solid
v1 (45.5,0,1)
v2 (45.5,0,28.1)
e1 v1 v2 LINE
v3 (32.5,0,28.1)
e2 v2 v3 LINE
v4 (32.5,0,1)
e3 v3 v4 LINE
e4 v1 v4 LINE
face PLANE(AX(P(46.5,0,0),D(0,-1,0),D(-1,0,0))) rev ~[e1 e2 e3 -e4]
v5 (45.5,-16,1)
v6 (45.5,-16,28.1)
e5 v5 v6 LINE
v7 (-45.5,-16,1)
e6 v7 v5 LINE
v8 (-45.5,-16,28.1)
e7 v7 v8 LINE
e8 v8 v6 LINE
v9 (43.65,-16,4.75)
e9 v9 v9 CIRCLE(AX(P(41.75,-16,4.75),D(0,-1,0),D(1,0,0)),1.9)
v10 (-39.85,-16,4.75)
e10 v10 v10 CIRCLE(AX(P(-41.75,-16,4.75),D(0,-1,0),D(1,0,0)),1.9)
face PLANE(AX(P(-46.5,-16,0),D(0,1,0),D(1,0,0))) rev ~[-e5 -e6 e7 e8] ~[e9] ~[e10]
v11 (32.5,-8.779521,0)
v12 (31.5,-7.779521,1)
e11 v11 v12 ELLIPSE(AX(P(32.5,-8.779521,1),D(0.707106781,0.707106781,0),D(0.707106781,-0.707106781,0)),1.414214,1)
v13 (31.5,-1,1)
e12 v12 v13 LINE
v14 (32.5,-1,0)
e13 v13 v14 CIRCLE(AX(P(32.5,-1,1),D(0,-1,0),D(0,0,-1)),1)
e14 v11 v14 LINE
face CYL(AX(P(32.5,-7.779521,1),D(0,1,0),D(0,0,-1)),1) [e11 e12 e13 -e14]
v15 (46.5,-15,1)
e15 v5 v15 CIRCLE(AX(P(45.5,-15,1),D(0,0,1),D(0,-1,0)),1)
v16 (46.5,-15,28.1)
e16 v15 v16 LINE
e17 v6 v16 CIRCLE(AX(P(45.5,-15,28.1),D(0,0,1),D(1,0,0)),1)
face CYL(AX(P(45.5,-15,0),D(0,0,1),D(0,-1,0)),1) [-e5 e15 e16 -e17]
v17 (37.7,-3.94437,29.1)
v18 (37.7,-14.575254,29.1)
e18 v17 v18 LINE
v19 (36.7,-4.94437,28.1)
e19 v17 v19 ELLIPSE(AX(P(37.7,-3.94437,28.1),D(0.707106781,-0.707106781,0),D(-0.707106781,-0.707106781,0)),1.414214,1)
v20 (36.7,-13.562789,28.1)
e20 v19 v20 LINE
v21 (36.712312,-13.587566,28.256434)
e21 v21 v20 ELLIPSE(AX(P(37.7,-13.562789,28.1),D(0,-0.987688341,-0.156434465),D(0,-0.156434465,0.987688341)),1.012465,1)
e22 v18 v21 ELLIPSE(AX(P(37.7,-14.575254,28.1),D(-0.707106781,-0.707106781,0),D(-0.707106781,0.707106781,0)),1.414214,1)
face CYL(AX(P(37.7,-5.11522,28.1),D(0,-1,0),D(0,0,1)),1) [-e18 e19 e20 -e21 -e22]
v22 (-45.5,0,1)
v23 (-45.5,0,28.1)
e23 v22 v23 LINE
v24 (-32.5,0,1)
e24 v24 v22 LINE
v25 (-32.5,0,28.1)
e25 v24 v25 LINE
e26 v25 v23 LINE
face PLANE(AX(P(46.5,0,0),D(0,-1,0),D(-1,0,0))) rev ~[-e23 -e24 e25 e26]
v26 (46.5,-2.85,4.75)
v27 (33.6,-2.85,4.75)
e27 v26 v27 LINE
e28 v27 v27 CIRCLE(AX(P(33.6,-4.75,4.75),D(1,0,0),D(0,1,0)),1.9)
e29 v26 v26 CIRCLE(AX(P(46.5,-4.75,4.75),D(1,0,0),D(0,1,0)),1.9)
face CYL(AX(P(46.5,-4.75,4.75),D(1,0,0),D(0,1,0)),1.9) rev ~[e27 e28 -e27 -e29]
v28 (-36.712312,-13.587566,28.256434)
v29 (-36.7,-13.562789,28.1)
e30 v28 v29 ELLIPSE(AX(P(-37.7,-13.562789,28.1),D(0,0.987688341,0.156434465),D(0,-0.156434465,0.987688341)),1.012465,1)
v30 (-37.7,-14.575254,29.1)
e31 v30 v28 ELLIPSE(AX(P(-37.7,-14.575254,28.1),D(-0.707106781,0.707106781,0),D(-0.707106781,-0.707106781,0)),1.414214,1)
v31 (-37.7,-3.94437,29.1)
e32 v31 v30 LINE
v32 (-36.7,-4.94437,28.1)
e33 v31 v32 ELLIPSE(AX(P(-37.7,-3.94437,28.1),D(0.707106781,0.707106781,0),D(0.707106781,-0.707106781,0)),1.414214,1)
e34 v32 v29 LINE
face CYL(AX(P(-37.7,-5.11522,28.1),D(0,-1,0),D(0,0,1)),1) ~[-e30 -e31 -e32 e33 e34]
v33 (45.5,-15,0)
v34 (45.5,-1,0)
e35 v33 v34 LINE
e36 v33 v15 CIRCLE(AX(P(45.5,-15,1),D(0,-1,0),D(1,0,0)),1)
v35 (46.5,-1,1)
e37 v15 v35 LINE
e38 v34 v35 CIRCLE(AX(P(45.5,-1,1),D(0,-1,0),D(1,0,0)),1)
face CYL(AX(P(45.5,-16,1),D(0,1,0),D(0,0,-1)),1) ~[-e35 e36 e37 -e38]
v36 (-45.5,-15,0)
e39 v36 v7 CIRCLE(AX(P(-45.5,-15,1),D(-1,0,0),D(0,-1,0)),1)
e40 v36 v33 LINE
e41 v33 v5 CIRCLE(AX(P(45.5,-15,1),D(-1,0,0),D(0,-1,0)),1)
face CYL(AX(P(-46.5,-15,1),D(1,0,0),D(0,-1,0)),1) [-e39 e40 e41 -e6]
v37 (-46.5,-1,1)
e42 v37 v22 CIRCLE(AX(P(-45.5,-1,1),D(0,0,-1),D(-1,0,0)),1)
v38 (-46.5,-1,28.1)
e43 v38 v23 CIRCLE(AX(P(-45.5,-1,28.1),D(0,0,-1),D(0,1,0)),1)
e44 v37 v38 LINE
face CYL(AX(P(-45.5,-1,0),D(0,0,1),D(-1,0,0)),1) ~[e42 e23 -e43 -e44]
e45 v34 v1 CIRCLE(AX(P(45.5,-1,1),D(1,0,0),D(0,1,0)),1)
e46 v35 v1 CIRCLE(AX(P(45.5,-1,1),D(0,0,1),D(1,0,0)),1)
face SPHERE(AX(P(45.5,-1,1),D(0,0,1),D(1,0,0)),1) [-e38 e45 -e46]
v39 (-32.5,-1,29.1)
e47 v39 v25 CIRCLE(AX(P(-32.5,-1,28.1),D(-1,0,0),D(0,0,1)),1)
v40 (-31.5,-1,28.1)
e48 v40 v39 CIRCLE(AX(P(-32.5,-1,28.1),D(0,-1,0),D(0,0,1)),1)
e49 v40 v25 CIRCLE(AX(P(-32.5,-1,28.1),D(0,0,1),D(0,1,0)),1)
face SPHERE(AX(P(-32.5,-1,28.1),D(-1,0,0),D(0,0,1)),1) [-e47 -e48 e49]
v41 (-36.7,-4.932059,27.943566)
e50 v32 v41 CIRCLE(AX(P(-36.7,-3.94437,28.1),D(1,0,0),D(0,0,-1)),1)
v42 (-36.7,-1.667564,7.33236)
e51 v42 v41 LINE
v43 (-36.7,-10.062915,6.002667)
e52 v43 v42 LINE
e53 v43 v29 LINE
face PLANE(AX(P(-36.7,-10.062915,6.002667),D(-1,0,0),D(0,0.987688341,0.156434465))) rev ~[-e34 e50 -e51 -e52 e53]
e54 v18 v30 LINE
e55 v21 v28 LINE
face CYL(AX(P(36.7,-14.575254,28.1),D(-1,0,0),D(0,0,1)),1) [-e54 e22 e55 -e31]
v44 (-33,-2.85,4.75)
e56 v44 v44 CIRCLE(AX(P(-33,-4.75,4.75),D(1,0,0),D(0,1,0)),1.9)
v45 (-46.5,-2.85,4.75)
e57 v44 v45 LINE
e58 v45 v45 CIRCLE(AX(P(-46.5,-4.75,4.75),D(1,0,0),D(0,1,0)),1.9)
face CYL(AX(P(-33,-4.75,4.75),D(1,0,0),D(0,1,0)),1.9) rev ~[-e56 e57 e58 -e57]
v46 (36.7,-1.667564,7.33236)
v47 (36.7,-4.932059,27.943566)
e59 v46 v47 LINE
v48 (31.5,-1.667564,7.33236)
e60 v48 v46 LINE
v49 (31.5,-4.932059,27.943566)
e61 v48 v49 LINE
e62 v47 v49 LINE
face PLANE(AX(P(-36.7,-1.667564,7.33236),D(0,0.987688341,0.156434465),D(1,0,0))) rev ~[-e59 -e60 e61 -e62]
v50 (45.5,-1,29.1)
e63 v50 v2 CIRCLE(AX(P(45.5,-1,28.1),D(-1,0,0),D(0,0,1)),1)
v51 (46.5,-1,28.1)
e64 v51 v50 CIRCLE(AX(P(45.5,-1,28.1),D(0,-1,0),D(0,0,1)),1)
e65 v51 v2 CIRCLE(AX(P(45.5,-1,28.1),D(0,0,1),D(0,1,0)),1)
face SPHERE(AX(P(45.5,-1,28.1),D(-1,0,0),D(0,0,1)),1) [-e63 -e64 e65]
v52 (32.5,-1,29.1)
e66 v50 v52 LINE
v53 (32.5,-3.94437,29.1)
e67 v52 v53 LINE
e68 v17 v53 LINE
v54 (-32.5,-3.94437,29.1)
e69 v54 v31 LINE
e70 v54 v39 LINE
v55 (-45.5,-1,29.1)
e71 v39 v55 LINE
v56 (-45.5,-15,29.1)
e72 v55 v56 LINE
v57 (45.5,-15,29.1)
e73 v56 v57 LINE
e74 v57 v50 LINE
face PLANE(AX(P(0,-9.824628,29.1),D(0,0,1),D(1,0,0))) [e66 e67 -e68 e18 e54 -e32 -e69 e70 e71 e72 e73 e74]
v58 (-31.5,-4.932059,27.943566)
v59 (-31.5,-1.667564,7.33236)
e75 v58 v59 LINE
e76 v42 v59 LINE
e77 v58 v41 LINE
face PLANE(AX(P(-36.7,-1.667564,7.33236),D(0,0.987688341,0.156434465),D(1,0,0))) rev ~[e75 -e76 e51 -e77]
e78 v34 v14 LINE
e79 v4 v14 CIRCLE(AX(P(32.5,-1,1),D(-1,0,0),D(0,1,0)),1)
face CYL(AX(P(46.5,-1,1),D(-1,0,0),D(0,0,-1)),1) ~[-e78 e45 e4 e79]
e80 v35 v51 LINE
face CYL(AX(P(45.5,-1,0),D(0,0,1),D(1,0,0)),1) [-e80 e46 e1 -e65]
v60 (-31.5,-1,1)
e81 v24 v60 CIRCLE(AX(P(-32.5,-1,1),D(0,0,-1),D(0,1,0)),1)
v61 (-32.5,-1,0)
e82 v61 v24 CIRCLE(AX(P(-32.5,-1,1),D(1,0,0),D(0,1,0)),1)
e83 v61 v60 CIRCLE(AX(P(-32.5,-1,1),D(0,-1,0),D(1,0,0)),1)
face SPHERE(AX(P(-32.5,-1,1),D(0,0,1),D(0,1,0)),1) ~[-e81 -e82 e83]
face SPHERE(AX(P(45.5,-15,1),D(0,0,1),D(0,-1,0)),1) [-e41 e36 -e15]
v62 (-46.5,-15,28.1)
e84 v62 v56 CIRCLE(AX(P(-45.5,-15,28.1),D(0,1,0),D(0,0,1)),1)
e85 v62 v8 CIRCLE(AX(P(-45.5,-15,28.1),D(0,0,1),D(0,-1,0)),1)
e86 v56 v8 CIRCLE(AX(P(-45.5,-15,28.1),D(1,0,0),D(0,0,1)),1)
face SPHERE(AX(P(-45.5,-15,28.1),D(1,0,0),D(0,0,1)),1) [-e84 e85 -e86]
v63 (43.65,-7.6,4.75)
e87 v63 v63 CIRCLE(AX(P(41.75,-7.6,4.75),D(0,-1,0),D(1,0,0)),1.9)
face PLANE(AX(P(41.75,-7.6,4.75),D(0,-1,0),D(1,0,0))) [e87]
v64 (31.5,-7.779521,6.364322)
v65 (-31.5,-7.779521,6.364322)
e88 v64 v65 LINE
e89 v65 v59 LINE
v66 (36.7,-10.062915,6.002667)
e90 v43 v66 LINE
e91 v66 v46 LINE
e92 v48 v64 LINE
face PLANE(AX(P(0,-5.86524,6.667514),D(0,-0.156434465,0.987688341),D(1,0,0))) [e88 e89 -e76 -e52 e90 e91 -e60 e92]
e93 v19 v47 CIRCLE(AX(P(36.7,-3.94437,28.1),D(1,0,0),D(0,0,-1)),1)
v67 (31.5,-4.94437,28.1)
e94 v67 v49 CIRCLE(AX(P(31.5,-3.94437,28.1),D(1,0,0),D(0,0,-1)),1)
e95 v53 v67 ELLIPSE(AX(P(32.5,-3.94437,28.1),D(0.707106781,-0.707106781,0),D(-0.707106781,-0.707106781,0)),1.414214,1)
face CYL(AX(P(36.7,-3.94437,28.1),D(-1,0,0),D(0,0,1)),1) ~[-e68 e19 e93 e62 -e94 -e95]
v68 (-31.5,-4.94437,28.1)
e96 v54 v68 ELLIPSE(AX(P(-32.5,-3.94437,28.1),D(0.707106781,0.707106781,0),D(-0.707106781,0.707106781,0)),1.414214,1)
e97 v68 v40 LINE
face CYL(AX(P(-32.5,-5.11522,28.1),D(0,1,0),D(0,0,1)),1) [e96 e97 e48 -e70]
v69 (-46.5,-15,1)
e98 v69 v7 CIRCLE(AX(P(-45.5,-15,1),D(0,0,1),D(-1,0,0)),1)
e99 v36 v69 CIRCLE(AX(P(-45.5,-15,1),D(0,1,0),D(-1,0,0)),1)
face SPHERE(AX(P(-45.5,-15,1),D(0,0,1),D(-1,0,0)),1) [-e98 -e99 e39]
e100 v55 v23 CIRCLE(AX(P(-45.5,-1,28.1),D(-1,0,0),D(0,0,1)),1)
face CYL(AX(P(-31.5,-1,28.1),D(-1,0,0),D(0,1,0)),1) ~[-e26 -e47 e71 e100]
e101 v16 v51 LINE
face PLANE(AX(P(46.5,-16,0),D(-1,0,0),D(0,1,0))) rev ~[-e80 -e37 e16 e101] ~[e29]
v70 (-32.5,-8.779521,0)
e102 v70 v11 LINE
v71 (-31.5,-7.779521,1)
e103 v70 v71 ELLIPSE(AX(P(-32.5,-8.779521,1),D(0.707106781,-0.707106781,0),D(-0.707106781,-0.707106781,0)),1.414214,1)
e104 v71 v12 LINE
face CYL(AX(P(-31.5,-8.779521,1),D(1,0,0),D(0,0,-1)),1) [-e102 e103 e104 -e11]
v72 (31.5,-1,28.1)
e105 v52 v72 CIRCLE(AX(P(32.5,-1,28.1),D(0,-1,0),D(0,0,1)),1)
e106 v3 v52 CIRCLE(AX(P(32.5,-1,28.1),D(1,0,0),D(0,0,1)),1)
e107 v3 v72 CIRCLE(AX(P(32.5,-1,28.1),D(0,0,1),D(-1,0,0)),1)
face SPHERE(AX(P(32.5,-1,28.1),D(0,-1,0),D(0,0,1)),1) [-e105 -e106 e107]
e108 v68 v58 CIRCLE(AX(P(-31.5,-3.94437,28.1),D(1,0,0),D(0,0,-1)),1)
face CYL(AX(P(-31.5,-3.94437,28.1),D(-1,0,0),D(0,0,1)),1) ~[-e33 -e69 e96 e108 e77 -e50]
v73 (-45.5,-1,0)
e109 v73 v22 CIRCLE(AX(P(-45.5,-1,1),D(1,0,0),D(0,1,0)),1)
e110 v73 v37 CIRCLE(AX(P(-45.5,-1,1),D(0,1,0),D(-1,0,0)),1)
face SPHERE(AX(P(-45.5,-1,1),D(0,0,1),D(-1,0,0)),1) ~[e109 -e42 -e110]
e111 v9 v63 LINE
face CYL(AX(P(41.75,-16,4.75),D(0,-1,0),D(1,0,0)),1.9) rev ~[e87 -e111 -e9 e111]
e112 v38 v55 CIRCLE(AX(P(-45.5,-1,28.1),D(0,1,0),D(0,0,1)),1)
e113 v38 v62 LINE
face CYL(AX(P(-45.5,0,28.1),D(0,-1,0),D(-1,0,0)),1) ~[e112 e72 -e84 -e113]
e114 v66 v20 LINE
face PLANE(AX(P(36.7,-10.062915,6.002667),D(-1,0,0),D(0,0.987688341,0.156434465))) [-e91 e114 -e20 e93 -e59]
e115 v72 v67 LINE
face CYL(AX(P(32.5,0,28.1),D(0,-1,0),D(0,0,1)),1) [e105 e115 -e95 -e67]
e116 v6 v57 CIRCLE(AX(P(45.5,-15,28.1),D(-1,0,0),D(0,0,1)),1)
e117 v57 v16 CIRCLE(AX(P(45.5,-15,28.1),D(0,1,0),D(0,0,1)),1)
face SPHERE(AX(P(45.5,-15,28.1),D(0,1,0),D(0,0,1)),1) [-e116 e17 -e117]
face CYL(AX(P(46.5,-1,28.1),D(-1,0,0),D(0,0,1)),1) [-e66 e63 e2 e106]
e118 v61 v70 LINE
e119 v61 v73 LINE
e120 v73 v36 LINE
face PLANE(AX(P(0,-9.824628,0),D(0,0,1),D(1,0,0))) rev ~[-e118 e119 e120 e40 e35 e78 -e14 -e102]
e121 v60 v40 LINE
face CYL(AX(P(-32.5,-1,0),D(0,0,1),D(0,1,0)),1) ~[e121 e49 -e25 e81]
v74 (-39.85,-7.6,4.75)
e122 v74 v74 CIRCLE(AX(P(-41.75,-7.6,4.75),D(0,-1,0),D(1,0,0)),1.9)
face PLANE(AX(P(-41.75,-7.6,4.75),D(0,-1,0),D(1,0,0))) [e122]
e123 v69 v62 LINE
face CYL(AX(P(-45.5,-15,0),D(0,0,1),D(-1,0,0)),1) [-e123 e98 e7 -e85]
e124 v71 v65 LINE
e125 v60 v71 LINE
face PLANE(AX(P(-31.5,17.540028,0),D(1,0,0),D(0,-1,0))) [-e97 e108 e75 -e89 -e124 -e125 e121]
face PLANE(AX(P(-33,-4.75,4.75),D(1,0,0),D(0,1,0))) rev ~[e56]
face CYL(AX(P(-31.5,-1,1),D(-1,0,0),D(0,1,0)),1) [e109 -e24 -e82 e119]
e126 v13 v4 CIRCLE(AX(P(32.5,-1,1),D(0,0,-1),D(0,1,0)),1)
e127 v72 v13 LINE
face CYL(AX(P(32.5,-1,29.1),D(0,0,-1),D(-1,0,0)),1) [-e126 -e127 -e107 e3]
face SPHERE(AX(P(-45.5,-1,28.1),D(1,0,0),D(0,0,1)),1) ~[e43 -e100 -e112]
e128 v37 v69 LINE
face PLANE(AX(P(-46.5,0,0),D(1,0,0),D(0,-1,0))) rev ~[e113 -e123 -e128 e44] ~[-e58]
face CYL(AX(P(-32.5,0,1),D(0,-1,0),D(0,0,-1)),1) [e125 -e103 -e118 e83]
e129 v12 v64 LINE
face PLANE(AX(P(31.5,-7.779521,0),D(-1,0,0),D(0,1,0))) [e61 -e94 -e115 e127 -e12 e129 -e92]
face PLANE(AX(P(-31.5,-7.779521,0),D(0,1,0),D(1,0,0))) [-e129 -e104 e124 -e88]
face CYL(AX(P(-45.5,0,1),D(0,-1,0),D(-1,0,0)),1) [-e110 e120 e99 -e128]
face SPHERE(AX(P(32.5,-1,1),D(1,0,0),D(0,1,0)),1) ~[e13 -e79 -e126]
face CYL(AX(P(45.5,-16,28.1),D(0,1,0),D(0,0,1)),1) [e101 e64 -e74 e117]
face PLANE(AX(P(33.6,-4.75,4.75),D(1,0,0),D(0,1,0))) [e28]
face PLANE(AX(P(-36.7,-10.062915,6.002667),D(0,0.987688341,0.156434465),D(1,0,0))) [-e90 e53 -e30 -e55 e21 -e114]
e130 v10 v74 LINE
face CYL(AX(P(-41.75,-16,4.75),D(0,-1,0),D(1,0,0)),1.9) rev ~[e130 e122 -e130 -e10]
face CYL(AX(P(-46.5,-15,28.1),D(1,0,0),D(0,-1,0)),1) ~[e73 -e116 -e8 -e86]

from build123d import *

# Parameters (mm, degrees)
F0_W      = 63
F0_H      = 7.7795209363
F1_DEPTH  = 29.1
F4_START  = 5
F3_W      = 73.4
F3_H      = 8.5
F4_DEPTH  = 34.9
F0_H_2    = 17.5400283188
F5_DEPTH  = 44.7
F6_R      = 1
F7_R      = 1.9
F8_DEPTH  = 12.9
F9_R      = 1.9
F10_DEPTH = 8.4
F11_START = -79.5
F11_DEPTH = 35.3


with BuildPart() as f1:
    # F0 (on Top) → F1 (new body)
    with BuildSketch(Plane.XY):
        Polygon((-31.5, 0), (-46.5, 0), (-46.5, -16), (46.5, -16), (46.5, 0), (31.5, 0), (31.5, -7.7795209363), (-31.5, -7.7795209363), align=None)
        with Locations((0, -3.8897604682)):
            Rectangle(F0_W, F0_H)
    extrude(amount=F1_DEPTH)

    # F3 (on line) → F4 (cut)
    with BuildSketch(Plane(origin=(0, -0.3915478696, 2.472135955), x_dir=(1, 0, 0), z_dir=(0, -0.156434465, 0.9876883406)).offset(F4_START)):
        with Locations((0, -4.75)):
            Rectangle(F3_W, F3_H)
    extrude(amount=F4_DEPTH, mode=Mode.SUBTRACT)

    # F0 (on Top) → F5 (cut)
    with BuildSketch(Plane.XY):
        with Locations((0, 8.7700141594)):
            Rectangle(F0_W, F0_H_2)
        with Locations((0, -3.8897604682)):
            Rectangle(F0_W, F0_H)
    extrude(amount=F5_DEPTH, mode=Mode.SUBTRACT)

    # F6
    f6_edges = [f1.edges().sort_by_distance(p)[0] for p in [
        (-39, 0, 29.1),
        (-31.5, -2.55761, 29.1),
        (-34.1, -5.11522, 29.1),
        (-36.7, -9.418197, 29.1),
        (0, -13.721173, 29.1),
        (36.7, -9.418197, 29.1),
        (34.1, -5.11522, 29.1),
        (31.5, -2.55761, 29.1),
        (39, 0, 29.1),
        (46.5, -8, 29.1),
        (0, -16, 29.1),
        (-46.5, -8, 29.1),
        (-46.5, 0, 14.55),
        (-46.5, -16, 14.55),
        (-46.5, -8, 0),
        (46.5, -16, 14.55),
        (0, -16, 0),
        (46.5, 0, 14.55),
        (46.5, -8, 0),
        (39, 0, 0),
        (31.5, 0, 14.55),
        (-31.5, 0, 14.55),
        (-39, 0, 0),
        (-31.5, -3.88976, 0),
        (0, -7.779521, 0),
        (31.5, -3.88976, 0),
    ]]
    fillet(f6_edges, radius=F6_R)

    # F7 (on face) → F8 (cut)
    with BuildSketch(Plane.YZ.offset(46.5)):
        with Locations((-4.75, 4.75)):
            Circle(F7_R)
    extrude(amount=-F8_DEPTH, mode=Mode.SUBTRACT)

    # F9 (on face) → F10 (cut)
    with BuildSketch(Plane.XZ.offset(16)):
        with Locations((41.75, 4.75)):
            Circle(F9_R)
        with Locations((-41.75, 4.75)):
            Circle(F9_R)
    extrude(amount=-F10_DEPTH, mode=Mode.SUBTRACT)

    # F7 (on face) → F11 (cut)
    with BuildSketch(Plane.YZ.offset(46.5).offset(F11_START)):
        with Locations((-4.75, 4.75)):
            Circle(F7_R)
    extrude(amount=-F11_DEPTH, mode=Mode.SUBTRACT)


solid = f1.part
